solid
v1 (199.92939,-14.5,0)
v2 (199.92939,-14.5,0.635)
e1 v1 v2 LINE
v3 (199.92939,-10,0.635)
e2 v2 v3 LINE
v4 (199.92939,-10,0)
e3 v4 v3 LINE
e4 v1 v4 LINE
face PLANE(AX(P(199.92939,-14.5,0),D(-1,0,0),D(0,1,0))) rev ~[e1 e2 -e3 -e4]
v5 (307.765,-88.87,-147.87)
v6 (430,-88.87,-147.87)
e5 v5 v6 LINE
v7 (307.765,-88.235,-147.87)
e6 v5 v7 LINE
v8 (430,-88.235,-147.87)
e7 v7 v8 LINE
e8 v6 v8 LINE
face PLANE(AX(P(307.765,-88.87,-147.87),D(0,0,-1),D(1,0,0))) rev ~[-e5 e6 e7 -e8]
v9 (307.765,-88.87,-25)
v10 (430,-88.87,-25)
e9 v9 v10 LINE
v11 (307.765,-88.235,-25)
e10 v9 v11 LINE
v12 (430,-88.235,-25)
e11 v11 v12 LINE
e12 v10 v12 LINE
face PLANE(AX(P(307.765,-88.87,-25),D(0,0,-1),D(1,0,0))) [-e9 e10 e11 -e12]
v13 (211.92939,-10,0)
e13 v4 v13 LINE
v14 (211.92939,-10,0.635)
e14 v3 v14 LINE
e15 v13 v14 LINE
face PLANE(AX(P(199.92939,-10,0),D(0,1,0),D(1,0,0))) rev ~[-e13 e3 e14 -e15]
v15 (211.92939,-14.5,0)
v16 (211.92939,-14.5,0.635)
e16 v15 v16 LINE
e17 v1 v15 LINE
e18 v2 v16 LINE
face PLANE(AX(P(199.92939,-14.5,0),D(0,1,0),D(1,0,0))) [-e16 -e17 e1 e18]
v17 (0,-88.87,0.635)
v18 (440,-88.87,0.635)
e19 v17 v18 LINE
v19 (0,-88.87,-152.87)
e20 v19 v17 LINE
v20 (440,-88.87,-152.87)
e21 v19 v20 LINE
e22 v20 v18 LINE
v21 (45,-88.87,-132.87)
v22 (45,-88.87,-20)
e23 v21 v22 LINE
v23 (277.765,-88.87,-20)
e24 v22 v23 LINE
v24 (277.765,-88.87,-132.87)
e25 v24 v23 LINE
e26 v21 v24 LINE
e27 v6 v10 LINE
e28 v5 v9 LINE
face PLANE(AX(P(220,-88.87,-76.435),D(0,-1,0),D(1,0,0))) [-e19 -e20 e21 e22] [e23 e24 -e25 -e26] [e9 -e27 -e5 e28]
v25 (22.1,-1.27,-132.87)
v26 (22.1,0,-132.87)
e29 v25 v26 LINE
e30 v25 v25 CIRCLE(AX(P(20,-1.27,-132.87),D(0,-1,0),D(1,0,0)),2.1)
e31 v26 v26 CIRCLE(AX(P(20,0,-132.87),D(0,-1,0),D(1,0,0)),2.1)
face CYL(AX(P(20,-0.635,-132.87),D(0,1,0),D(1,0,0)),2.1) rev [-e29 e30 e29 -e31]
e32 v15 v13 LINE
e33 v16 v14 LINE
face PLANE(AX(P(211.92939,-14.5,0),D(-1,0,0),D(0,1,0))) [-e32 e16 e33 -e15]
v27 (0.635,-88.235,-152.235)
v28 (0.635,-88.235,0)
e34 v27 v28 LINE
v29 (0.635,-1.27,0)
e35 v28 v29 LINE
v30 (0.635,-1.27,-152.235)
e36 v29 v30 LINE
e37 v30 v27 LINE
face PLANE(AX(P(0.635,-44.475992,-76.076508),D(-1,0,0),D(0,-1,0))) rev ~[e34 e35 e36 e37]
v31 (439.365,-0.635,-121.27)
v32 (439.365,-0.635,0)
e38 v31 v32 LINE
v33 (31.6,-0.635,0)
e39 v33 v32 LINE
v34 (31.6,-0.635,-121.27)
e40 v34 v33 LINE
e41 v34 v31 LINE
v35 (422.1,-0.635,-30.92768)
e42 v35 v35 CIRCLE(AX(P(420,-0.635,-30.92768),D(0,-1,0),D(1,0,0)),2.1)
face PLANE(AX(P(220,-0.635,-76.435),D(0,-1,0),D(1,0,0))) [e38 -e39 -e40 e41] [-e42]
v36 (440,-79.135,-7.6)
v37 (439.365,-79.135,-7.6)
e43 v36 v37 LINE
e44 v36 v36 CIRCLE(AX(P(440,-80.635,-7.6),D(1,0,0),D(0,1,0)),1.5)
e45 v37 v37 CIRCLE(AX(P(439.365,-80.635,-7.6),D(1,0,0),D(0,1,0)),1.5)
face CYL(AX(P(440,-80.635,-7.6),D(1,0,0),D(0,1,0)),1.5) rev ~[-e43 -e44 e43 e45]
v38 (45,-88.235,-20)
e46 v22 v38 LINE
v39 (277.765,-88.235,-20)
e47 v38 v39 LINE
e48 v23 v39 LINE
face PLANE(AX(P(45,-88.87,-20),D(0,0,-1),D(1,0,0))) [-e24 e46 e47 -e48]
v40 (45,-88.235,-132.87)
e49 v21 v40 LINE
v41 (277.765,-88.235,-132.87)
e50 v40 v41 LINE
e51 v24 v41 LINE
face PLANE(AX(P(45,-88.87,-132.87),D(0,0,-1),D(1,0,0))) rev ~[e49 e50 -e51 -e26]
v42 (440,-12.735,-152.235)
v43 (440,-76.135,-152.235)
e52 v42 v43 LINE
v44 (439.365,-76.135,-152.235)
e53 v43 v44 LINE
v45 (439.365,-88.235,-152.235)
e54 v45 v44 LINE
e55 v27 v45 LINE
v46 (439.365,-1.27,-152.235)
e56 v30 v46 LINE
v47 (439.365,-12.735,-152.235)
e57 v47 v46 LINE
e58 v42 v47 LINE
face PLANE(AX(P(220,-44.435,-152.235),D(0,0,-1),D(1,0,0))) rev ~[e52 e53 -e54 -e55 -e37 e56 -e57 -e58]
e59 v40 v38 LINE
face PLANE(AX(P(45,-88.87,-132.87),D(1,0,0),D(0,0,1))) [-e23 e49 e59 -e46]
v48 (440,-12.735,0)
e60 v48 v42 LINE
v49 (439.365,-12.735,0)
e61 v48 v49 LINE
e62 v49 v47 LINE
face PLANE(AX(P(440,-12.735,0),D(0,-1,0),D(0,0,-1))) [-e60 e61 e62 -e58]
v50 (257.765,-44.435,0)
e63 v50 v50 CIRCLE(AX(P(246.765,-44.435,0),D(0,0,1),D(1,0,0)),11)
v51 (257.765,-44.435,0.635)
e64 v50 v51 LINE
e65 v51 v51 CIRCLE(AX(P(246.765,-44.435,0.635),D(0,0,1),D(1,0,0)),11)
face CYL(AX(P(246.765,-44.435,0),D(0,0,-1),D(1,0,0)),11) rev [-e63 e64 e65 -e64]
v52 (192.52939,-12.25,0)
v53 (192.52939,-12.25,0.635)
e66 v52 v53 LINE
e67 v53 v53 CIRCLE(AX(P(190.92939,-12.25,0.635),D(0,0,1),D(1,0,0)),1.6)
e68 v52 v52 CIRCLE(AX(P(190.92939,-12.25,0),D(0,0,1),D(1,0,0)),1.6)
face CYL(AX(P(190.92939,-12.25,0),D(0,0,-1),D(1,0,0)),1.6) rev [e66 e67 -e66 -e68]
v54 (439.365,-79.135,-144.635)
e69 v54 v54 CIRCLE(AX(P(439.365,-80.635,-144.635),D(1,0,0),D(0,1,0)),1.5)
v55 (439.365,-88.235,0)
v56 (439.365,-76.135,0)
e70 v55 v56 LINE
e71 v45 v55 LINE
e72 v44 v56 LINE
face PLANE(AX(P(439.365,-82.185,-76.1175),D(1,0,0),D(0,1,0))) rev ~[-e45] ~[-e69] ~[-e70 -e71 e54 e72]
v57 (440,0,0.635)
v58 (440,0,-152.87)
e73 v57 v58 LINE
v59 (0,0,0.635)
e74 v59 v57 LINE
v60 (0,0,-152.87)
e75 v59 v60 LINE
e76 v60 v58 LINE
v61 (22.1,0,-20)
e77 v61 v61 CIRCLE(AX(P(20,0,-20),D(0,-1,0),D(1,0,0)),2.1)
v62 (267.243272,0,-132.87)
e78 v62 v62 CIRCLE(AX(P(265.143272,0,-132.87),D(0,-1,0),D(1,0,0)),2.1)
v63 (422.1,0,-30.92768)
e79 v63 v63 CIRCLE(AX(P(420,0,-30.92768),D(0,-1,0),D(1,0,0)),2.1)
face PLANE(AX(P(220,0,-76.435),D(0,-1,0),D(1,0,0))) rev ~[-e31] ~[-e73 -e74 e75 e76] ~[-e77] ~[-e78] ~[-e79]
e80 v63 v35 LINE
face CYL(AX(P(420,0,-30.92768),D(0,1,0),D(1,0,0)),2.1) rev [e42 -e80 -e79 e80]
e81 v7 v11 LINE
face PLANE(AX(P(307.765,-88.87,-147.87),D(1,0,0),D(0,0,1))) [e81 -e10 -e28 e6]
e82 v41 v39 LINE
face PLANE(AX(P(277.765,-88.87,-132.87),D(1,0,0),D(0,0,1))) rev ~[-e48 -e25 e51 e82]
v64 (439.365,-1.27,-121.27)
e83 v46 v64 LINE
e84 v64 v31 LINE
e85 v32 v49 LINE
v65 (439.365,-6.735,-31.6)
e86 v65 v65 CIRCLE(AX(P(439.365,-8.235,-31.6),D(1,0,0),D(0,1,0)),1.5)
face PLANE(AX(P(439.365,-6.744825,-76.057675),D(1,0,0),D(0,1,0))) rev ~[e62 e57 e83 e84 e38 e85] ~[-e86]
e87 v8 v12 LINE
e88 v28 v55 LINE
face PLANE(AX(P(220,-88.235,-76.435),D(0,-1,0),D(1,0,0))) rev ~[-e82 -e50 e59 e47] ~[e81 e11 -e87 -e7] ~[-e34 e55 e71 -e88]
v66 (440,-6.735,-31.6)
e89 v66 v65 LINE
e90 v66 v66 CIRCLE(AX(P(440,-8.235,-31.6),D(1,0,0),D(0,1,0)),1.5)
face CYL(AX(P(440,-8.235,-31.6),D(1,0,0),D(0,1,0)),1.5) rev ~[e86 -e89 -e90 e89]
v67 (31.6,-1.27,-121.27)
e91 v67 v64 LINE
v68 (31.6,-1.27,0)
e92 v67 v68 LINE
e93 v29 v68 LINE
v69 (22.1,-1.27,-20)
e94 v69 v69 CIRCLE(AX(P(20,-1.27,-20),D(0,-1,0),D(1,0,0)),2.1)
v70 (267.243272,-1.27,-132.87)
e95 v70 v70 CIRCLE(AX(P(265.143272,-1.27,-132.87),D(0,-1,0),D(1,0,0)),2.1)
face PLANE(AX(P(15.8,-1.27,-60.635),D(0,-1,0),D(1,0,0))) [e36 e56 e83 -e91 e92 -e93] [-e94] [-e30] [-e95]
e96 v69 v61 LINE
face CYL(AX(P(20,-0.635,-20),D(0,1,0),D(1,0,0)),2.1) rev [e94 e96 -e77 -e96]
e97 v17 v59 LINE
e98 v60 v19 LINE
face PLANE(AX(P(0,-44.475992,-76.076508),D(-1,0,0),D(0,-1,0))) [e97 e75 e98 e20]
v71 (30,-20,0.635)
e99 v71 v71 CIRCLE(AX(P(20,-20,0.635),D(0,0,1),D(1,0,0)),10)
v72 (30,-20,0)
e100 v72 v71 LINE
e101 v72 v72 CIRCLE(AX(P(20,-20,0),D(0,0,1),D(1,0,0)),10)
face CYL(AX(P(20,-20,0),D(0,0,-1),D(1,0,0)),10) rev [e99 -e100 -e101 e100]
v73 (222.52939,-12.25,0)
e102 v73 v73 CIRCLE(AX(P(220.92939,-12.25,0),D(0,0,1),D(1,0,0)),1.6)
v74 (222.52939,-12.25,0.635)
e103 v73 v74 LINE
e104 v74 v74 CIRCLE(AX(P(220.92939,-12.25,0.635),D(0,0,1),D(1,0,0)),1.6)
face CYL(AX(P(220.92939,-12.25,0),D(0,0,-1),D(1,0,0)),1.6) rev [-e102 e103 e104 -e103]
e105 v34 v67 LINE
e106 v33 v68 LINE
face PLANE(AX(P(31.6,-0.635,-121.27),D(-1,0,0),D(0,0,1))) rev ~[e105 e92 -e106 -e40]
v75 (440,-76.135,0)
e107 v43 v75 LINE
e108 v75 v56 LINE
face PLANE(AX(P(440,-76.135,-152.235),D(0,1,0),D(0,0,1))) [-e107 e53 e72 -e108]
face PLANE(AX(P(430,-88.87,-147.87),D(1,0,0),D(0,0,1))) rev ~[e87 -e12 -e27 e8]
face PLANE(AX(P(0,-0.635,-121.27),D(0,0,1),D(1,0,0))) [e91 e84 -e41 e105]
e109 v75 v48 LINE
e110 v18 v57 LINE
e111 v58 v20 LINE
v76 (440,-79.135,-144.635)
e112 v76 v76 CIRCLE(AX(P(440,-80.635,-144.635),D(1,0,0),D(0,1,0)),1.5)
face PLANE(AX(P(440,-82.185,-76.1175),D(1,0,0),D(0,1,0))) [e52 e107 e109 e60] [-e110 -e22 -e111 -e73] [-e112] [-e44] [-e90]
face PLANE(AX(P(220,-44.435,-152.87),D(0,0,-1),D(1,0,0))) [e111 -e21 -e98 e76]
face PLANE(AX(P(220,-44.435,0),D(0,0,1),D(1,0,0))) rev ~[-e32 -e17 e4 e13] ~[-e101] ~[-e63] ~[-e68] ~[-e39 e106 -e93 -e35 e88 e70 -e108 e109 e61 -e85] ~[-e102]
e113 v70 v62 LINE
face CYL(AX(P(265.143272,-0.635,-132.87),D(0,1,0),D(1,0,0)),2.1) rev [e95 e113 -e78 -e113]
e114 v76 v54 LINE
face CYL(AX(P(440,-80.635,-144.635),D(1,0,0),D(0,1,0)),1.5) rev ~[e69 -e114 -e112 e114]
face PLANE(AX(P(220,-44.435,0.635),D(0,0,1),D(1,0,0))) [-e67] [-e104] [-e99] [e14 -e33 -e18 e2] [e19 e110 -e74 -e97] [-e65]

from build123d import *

# Parameters (mm, degrees)
F0_W      = 440
F0_H      = 88.87
F0_R      = 10
F0_R_2    = 1.6
F0_W_2    = 12
F0_H_2    = 4.5
F0_R_3    = 11
F1_DEPTH  = 0.635
F2_W      = 440
F2_H      = 152.87
F2_R      = 2.1
F3_DEPTH  = 0.635
F4_W      = 440
F4_H      = 152.87
F4_W_2    = 232.765
F4_H_2    = 112.87
F4_W_3    = 122.235
F4_H_3    = 122.87
F5_DEPTH  = 0.635
F6_W      = 440
F6_H      = 87.6
F7_DEPTH  = 0.635
F8_W      = 440
F8_H      = 30.965
F8_R      = 2.1
F9_DEPTH  = 0.635
F11_W     = 31.6
F11_H     = 121.27
F11_R     = 2.1
F12_DEPTH = 0.635
F13_DEPTH = 0.635
F14_W     = 12.1
F14_H     = 152.235
F14_R     = 1.5
F15_DEPTH = 0.635


with BuildPart() as f1:
    # F0 (on Top) → F1 (new body)
    with BuildSketch(Plane.XY):
        with Locations((220, -44.435)):
            Rectangle(F0_W, F0_H)
        with Locations((20, -20)):
            Circle(F0_R, mode=Mode.SUBTRACT)
        with Locations((190.92939, -12.25)):
            Circle(F0_R_2, mode=Mode.SUBTRACT)
        with Locations((205.92939, -12.25)):
            Rectangle(F0_W_2, F0_H_2, mode=Mode.SUBTRACT)
        with Locations((246.765, -44.435)):
            Circle(F0_R_3, mode=Mode.SUBTRACT)
        with Locations((220.92939, -12.25)):
            Circle(F0_R_2, mode=Mode.SUBTRACT)
    extrude(amount=F1_DEPTH)

    # F2 (on Front) → F3 (join)
    with BuildSketch(Plane.XZ):
        with Locations((220, -76.435)):
            Rectangle(F2_W, F2_H)
        with Locations((20, -132.87)):
            Circle(F2_R, mode=Mode.SUBTRACT)
        with Locations((265.143272, -132.87)):
            Circle(F2_R, mode=Mode.SUBTRACT)
        with Locations((20, -20)):
            Circle(F2_R, mode=Mode.SUBTRACT)
        with Locations((420, -30.92768)):
            Circle(F2_R, mode=Mode.SUBTRACT)
    extrude(amount=F3_DEPTH)

    # F4 (on face) → F5 (join)
    with BuildSketch(Plane.XZ.offset(88.87)):
        with Locations((220, -76.435)):
            Rectangle(F4_W, F4_H)
        with Locations((161.3825, -76.435)):
            Rectangle(F4_W_2, F4_H_2, mode=Mode.SUBTRACT)
        with Locations((368.8825, -86.435)):
            Rectangle(F4_W_3, F4_H_3, mode=Mode.SUBTRACT)
    extrude(amount=-F5_DEPTH)

    # F6 (on face) → F7 (join)
    with BuildSketch(Plane(origin=(0, 0, -152.87), x_dir=(1, 0, 0), z_dir=(0, 0, -1))):
        with Locations((220, 44.435)):
            Rectangle(F6_W, F6_H)
    extrude(amount=-F7_DEPTH)

    # F8 (on face) → F9 (join)
    with BuildSketch(Plane.XZ.offset(0.635)):
        with Locations((220, -136.7525)):
            Rectangle(F8_W, F8_H)
        with Locations((20, -132.87)):
            Circle(F8_R, mode=Mode.SUBTRACT)
        with Locations((265.143272, -132.87)):
            Circle(F8_R, mode=Mode.SUBTRACT)
    extrude(amount=F9_DEPTH)

    # F11 (on face) → F12 (join)
    with BuildSketch(Plane.XZ.offset(0.635)):
        with Locations((15.8, -60.635)):
            Rectangle(F11_W, F11_H)
        with Locations((20, -20)):
            Circle(F11_R, mode=Mode.SUBTRACT)
    extrude(amount=F12_DEPTH)

    # F10 (on face) → F13 (join)
    with BuildSketch(Plane(origin=(0, 0, 0), x_dir=(0, -1, 0), z_dir=(-1, 0, 0))):
        Polygon((88.235, 0), (0.635, 0), (0.635, -121.27), (1.27, -121.27), (1.27, -152.235), (88.235, -152.235), align=None)
    extrude(amount=-F13_DEPTH)

    # F14 (on face) → F15 (join)
    with BuildSketch(Plane.YZ.offset(440)):
        with Locations((-82.185, -76.1175)):
            Rectangle(F14_W, F14_H)
        with Locations((-80.635, -144.635)):
            Circle(F14_R, mode=Mode.SUBTRACT)
        with Locations((-80.635, -7.6)):
            Circle(F14_R, mode=Mode.SUBTRACT)
        Polygon((-0.635, 0), (-12.735, 0), (-12.735, -152.235), (-1.27, -152.235), (-1.27, -121.27), (-0.635, -121.27), align=None)
        with Locations((-8.235, -31.6)):
            Circle(F14_R, mode=Mode.SUBTRACT)
    extrude(amount=-F15_DEPTH)


solid = f1.part
